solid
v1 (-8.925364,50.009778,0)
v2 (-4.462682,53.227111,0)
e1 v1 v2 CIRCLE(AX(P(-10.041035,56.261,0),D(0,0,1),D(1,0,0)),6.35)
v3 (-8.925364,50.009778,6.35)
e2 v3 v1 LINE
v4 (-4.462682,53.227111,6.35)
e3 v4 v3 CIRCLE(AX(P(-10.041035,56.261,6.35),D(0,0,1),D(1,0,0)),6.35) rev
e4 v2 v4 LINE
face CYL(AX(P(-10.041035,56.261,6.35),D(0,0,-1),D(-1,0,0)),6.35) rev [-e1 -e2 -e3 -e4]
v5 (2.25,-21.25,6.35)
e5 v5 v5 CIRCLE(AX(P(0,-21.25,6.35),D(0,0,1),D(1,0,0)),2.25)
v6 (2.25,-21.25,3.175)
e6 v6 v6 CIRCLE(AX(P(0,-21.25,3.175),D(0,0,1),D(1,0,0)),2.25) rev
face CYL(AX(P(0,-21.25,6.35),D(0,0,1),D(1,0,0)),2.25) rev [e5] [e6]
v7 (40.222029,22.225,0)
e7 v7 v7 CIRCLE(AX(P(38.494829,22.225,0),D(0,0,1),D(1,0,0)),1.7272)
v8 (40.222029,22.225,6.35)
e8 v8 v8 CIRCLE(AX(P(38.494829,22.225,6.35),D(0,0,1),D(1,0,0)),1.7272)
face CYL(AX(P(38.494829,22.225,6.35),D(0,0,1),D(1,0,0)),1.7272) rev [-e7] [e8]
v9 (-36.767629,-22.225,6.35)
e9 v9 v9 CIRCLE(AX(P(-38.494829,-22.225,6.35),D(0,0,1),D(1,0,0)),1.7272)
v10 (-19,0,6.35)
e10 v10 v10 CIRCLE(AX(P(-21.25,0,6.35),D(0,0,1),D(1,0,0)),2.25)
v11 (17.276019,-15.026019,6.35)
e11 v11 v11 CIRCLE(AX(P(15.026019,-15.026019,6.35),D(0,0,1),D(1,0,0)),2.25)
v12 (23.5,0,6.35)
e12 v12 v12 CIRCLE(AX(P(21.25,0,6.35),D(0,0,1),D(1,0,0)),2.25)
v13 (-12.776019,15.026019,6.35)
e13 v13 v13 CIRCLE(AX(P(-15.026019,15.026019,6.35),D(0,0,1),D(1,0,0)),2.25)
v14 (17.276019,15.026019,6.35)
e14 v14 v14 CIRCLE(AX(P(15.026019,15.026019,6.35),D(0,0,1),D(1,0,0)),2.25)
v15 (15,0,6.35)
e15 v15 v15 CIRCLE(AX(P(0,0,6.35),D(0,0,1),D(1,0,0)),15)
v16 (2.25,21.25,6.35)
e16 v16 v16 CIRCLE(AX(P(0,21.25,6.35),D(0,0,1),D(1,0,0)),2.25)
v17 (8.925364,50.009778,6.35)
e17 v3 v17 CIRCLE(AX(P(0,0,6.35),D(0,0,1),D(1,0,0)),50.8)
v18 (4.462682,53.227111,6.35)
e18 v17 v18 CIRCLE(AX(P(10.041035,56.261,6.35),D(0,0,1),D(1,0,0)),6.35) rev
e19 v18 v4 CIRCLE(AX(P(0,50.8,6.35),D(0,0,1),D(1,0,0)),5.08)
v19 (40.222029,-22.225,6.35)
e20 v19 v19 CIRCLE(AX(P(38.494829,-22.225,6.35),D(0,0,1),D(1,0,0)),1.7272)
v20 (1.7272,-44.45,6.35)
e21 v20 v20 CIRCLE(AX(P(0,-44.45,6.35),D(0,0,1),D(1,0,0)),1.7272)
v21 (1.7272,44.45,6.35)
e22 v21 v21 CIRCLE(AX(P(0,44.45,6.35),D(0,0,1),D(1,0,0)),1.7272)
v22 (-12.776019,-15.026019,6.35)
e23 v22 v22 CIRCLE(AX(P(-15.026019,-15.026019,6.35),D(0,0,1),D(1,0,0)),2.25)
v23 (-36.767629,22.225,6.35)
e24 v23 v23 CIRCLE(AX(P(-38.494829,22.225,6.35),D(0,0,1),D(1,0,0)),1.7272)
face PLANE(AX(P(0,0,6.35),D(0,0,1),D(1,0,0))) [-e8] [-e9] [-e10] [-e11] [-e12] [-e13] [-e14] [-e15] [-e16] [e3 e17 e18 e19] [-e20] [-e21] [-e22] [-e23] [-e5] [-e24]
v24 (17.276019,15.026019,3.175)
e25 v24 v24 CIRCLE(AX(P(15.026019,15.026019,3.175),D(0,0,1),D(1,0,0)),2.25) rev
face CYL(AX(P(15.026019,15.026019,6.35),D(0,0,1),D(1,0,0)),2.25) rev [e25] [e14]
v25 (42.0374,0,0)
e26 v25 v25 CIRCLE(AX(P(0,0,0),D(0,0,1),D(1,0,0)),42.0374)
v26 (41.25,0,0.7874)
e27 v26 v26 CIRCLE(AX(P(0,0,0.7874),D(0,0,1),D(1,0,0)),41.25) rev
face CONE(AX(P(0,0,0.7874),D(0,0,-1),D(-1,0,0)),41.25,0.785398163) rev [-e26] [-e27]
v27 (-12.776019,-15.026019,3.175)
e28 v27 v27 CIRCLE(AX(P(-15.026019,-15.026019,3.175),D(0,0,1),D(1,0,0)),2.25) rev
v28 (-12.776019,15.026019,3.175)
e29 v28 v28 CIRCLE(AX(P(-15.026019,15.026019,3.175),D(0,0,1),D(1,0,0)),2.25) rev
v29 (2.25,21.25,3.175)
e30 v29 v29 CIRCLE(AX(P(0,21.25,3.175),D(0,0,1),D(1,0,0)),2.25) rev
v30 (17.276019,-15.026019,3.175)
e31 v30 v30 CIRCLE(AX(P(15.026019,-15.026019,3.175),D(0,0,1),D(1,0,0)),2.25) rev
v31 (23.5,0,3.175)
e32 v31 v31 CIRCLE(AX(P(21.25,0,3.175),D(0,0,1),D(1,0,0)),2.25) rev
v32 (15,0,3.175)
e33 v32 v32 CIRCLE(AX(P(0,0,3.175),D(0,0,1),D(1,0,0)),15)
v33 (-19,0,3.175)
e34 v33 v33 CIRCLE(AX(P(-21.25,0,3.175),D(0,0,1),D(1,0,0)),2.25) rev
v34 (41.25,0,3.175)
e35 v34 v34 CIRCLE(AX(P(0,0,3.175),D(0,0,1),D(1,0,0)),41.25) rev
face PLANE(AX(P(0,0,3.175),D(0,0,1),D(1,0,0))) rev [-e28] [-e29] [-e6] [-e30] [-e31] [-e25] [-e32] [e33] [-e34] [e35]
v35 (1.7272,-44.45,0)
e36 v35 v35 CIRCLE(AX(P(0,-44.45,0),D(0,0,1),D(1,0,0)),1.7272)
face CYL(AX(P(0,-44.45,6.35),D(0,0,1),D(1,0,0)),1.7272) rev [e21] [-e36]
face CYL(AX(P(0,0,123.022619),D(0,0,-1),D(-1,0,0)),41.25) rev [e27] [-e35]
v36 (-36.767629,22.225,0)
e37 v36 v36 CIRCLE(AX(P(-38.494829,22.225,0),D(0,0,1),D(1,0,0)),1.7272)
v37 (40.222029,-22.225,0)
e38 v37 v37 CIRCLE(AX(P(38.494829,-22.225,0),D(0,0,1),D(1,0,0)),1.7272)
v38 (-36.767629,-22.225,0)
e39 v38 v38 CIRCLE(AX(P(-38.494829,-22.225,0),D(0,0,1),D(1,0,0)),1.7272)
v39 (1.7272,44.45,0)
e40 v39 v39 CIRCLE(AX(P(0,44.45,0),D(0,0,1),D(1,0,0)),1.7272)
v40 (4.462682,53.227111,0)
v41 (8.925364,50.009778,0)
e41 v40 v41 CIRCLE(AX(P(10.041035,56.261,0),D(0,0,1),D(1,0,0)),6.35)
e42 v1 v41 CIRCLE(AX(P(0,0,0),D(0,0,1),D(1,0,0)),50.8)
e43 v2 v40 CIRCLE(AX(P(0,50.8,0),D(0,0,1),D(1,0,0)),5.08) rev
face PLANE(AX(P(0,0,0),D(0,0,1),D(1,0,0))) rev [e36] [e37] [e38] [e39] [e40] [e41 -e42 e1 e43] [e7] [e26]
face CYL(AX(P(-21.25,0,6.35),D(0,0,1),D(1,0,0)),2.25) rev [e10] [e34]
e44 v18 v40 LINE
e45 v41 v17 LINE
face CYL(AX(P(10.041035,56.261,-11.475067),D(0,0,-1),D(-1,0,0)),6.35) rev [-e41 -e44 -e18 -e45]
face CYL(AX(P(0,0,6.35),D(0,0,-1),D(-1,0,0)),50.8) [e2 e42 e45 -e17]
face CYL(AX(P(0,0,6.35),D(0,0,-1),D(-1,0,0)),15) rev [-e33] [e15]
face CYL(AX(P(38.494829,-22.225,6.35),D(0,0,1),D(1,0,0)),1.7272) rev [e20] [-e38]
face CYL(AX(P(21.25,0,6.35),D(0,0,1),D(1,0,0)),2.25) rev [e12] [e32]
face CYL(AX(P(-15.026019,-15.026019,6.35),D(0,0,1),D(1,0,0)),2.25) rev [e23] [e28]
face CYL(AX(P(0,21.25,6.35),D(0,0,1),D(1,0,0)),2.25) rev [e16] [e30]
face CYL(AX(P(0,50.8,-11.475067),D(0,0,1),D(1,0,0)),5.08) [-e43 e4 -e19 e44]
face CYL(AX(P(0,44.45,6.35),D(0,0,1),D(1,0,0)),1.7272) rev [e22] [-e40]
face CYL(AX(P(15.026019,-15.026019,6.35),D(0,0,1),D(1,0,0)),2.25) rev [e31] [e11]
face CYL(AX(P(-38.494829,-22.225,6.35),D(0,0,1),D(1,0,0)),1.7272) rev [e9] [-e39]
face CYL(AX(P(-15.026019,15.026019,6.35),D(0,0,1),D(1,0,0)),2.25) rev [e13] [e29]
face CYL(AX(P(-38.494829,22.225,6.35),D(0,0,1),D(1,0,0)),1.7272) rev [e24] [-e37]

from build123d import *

# Parameters (mm, degrees)
SKETCH1_R             = 50.8
SKETCH1_R_2           = 15
BOSS_EXTRUDE1_DEPTH   = 6.35
CIRPATTERN1_COUNT     = 8
SKETCH5_R             = 41.25
CUT_EXTRUDE1_DEPTH    = 3.175
CHAMFER1_SIZE         = 0.7874
F_8_32_TAPPED_HOLE1_D = 3.4544
CIRPATTERN2_COUNT     = 6
BOSS_EXTRUDE3_START   = -6.35
BOSS_EXTRUDE3_DEPTH   = 6.35
FILLET2_R             = 6.35


with BuildPart() as part:
    # Sketch1 → Boss-Extrude1 (new body)
    with BuildSketch(Plane.XY):
        Circle(SKETCH1_R)
        Circle(SKETCH1_R_2, mode=Mode.SUBTRACT)
    extrude(amount=BOSS_EXTRUDE1_DEPTH)

    # Sketch4 → M4 Clearance Hole1 (revolve, cut)
    with BuildSketch(Plane(origin=(0, 21.249999918, 6.35), x_dir=(0, -1, 0), z_dir=(1, 0, 0))):
        Polygon((0, 0), (0, 26.751936393), (2.25, 25.4), (2.25, 0), align=None)
    m4_clearance_hole1 = revolve(axis=Axis((0, 21.249999918, 12.7), (0, 0, -1)), mode=Mode.SUBTRACT)

    # CirPattern1: M4 Clearance Hole1 ×8 about axis
    cirpattern1_axis = Axis((0, 0, 0), (0, 0, 1))
    for i in range(1, CIRPATTERN1_COUNT):
        add(m4_clearance_hole1.rotate(cirpattern1_axis, i * 360 / CIRPATTERN1_COUNT), mode=Mode.SUBTRACT)

    # Sketch5 → Cut-Extrude1 (cut)
    with BuildSketch(Plane(origin=(0, 0, 0), x_dir=(-1, 0, 0), z_dir=(0, 0, -1))):
        Circle(SKETCH5_R)
    extrude(amount=-CUT_EXTRUDE1_DEPTH, mode=Mode.SUBTRACT)

    # Chamfer1
    chamfer1_edges = [part.edges().sort_by_distance(p)[0] for p in [
        (41.25, 0, 0),
    ]]
    chamfer(chamfer1_edges, length=CHAMFER1_SIZE)

    # #8-32 Tapped Hole1 (through all)
    with Locations(Plane.XY.offset(6.35)):
        with Locations((0, 44.45)):
            f_8_32_tapped_hole1 = Hole(F_8_32_TAPPED_HOLE1_D / 2)

    # CirPattern2: #8-32 Tapped Hole1 ×6 about axis
    cirpattern2_axis = Axis((0, 0, 0), (0, 0, 1))
    for i in range(1, CIRPATTERN2_COUNT):
        add(f_8_32_tapped_hole1.rotate(cirpattern2_axis, i * 360 / CIRPATTERN2_COUNT), mode=Mode.SUBTRACT)

    # Sketch10 → Boss-Extrude3 (add)
    with BuildSketch(Plane.XY.offset(6.35).offset(BOSS_EXTRUDE3_START)):
        with BuildLine():
            ThreePointArc((5.073646026, 50.546), (0, 55.88), (-5.073646026, 50.546))
            ThreePointArc((-5.073646026, 50.546), (0, 50.8), (5.073646026, 50.546))
        make_face()
    extrude(amount=BOSS_EXTRUDE3_DEPTH)

    # Fillet2
    fillet2_edges = [part.edges().sort_by_distance(p)[0] for p in [
        (5.073646026, 50.546, 3.175),
        (-5.073646026, 50.546, 3.175),
    ]]
    fillet(fillet2_edges, radius=FILLET2_R)


solid = part.part
